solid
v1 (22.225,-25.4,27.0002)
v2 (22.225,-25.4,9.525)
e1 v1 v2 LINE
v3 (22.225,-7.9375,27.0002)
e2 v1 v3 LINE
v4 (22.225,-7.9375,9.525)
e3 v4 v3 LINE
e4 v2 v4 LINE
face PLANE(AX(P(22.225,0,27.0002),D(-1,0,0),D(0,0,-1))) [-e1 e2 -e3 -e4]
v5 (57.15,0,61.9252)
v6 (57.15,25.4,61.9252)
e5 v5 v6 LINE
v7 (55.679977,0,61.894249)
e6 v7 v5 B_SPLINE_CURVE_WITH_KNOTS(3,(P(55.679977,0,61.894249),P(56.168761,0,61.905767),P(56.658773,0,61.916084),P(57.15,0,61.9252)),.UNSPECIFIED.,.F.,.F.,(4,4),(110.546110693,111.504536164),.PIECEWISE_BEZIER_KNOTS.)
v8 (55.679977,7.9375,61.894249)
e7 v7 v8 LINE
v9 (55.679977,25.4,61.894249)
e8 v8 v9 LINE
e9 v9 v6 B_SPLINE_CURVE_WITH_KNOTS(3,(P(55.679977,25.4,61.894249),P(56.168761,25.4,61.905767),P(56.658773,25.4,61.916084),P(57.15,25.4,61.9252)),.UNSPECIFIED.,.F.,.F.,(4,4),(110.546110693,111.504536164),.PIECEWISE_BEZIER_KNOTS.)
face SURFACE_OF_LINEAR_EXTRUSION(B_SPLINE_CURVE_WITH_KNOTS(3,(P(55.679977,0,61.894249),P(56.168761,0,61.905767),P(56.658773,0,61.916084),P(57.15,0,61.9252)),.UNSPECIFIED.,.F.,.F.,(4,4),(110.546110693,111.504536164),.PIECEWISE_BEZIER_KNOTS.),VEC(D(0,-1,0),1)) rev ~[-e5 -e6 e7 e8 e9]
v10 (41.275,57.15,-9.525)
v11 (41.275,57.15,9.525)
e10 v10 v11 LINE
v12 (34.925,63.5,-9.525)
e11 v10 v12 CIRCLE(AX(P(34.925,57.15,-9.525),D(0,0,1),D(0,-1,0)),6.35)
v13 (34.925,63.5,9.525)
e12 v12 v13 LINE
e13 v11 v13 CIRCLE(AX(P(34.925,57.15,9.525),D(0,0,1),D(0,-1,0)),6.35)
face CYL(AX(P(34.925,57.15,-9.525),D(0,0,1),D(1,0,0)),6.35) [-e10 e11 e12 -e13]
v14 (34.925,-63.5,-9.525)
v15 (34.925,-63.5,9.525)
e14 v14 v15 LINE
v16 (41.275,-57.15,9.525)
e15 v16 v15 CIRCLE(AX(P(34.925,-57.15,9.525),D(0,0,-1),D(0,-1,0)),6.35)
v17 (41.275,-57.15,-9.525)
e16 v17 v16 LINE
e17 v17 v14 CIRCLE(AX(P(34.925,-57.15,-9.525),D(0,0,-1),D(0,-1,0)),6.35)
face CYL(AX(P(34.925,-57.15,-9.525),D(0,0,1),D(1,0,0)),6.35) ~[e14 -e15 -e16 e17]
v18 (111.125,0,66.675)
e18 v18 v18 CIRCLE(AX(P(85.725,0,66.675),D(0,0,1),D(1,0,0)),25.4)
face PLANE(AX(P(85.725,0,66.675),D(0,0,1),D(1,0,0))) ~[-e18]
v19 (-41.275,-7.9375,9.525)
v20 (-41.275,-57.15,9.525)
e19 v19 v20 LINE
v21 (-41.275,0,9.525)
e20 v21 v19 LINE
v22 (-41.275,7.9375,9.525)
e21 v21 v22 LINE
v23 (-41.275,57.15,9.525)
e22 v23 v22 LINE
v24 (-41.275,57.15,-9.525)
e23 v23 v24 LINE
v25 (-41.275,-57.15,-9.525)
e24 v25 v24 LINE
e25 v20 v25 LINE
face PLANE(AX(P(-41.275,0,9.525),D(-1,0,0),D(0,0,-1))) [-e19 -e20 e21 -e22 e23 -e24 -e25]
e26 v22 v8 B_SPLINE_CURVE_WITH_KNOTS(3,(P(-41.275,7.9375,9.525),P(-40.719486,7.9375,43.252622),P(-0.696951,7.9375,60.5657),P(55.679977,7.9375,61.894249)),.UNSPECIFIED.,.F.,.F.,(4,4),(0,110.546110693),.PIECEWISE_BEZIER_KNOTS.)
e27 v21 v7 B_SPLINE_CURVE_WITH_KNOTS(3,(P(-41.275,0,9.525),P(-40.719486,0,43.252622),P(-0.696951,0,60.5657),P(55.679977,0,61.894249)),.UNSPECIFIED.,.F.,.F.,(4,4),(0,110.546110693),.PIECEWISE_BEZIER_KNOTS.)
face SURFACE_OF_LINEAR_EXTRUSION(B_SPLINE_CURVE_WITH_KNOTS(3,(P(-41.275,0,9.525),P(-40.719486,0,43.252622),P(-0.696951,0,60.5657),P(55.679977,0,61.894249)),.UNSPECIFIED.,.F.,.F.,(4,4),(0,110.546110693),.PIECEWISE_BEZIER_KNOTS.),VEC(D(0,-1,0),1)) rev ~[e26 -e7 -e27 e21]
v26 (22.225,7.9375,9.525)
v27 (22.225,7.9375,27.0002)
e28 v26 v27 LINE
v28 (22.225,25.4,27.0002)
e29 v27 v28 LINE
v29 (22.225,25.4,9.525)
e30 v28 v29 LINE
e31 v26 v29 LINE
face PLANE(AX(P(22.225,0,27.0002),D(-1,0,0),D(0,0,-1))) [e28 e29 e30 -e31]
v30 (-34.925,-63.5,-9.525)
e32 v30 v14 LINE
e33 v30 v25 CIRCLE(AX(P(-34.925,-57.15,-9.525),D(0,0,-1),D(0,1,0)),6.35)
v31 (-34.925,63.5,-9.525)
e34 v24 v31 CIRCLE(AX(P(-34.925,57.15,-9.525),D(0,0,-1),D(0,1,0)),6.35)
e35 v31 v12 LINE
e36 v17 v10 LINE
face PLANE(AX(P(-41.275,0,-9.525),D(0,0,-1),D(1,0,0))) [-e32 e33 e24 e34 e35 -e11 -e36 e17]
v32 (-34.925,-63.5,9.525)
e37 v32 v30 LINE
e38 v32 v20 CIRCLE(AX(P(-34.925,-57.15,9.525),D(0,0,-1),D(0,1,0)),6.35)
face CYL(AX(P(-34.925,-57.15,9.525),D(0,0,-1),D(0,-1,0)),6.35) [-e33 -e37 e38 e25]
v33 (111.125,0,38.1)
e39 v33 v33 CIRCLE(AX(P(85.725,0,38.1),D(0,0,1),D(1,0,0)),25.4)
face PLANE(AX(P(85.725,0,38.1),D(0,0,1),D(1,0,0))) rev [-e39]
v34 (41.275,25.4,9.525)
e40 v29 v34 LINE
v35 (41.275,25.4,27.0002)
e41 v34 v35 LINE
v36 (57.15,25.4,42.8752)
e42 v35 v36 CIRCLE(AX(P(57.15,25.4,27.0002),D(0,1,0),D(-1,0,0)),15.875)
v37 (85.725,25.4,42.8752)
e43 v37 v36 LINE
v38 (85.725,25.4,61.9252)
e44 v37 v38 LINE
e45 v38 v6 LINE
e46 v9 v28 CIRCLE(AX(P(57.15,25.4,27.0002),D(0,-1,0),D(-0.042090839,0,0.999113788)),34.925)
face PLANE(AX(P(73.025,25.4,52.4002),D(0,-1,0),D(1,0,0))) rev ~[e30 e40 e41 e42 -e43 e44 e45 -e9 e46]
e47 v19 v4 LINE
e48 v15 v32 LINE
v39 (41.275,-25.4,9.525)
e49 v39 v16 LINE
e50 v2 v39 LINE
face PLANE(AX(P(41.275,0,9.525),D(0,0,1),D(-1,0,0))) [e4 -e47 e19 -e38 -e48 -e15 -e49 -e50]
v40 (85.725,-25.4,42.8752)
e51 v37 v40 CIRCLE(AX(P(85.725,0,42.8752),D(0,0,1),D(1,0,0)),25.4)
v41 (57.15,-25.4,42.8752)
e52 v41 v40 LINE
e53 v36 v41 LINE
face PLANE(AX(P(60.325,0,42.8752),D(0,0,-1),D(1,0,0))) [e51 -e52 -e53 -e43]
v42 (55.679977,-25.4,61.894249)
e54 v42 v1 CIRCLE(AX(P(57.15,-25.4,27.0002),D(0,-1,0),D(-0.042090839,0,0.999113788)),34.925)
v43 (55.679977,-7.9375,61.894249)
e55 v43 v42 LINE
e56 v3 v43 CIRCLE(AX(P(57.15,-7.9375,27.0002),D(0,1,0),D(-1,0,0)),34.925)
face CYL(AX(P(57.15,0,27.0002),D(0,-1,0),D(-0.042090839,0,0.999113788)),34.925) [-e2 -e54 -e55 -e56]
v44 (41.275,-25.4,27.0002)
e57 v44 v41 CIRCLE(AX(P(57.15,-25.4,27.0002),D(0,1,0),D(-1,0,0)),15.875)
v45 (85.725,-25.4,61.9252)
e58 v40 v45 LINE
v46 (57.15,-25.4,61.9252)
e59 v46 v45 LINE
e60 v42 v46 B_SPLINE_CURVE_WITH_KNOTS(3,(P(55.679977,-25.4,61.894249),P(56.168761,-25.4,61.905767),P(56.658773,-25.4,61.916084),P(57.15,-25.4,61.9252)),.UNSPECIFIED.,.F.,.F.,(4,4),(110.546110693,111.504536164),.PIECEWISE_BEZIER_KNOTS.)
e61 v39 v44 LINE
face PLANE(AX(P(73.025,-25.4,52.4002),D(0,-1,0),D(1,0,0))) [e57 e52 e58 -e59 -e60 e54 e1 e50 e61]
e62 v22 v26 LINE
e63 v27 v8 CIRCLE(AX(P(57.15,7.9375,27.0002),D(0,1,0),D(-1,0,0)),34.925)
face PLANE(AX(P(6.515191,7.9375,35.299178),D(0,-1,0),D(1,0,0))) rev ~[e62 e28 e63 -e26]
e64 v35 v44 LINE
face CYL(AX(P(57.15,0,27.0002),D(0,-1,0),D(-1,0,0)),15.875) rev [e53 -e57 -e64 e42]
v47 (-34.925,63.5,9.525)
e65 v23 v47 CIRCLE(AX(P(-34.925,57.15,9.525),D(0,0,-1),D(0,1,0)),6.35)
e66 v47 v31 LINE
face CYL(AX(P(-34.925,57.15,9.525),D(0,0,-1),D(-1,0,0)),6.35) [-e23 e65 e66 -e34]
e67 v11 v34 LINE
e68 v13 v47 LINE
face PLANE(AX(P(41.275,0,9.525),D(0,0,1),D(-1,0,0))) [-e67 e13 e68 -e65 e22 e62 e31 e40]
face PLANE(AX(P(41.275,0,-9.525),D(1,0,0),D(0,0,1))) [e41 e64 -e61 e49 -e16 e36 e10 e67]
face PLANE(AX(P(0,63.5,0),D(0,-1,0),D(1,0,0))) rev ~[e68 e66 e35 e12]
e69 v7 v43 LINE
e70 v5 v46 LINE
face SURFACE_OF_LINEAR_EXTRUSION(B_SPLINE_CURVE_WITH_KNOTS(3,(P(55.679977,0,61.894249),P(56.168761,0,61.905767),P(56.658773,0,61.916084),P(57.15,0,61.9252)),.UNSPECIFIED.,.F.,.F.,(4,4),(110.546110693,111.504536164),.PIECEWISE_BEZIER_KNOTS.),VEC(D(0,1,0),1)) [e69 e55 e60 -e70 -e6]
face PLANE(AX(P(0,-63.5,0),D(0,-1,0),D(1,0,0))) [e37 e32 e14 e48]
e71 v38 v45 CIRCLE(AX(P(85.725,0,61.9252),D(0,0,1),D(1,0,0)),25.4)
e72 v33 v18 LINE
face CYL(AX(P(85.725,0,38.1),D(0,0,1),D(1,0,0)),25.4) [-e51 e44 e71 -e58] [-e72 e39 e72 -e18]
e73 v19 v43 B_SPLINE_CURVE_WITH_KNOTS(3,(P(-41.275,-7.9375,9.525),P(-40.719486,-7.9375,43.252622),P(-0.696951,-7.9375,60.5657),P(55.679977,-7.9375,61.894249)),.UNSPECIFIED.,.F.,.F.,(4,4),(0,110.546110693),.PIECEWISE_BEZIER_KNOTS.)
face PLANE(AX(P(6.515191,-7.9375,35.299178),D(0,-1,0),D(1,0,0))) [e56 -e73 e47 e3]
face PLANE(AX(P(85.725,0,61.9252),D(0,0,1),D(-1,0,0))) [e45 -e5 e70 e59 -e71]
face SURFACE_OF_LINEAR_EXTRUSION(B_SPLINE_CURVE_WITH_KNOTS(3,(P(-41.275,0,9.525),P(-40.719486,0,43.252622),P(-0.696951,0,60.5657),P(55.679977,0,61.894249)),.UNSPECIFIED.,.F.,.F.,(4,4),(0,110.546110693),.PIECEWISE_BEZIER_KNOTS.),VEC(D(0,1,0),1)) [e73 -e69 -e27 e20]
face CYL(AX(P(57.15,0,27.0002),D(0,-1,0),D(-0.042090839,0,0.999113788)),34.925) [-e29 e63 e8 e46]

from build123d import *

# Parameters (mm, degrees)
F1_DEPTH = 63.5
F2_DEPTH = 25.4
F3_DEPTH = 25.4
F4_DEPTH = 7.9375
F0_W     = 25.4
F0_H     = 4.7498
F6_R     = 6.35


with BuildPart() as f1:
    # F0 (on Front) → F1 (new body, symmetric)
    with BuildSketch(Plane.XZ):
        Polygon((41.275, -9.525), (41.275, 9.525), (22.225, 9.525), (-41.275, 9.525), (-41.275, -9.525), align=None)
    extrude(amount=F1_DEPTH, both=True)

    # F0 (on Front) → F2 (join, symmetric)
    with BuildSketch(Plane.XZ):
        with BuildLine():
            Line((22.225, 9.525), (41.275, 9.525))
            Line((41.275, 9.525), (41.275, 27.0002))
            ThreePointArc((41.275, 27.0002), (45.9246798487, 38.2255201513), (57.15, 42.8752))
            Line((57.15, 42.8752), (60.325, 42.8752))
            Line((60.325, 42.8752), (60.325, 61.9252))
            Line((60.325, 61.9252), (57.15, 61.9252))
            add(Edge.make_bspline(
                [(55.6799774515, 61.8942490443), (56.1687606706, 61.9057674523), (56.6587732076, 61.9160843441), (57.15, 61.9252)],
                knots=[110.5461106931, 110.5461106931, 110.5461106931, 110.5461106931, 111.5045361635, 111.5045361635, 111.5045361635, 111.5045361635], degree=3))
            ThreePointArc((55.6799774515, 61.8942490443), (31.9399210383, 51.1705856764), (22.225, 27.0002))
            Line((22.225, 27.0002), (22.225, 9.525))
        make_face()
    extrude(amount=F2_DEPTH, both=True)

    # F0 (on Front) → F3 (join, symmetric)
    with BuildSketch(Plane.XZ):
        Polygon((60.325, 61.9252), (60.325, 42.8752), (85.725, 42.8752), (85.725, 52.3875), (85.725, 61.9252), align=None)
    extrude(amount=F3_DEPTH, both=True)

    # F0 (on Front) → F4 (join, symmetric)
    with BuildSketch(Plane.XZ):
        with BuildLine():
            Line((-41.275, 9.525), (22.225, 9.525))
            Line((22.225, 9.525), (22.225, 27.0002))
            ThreePointArc((22.225, 27.0002), (31.9399210383, 51.1705856764), (55.6799774515, 61.8942490443))
            add(Edge.make_bspline(
                [(-41.275, 9.525), (-40.7194862303, 43.2526218667), (-0.696950661, 60.5657000443), (55.6799774515, 61.8942490443)],
                knots=[0, 0, 0, 0, 110.5461106931, 110.5461106931, 110.5461106931, 110.5461106931], degree=3))
        make_face()
    extrude(amount=F4_DEPTH, both=True)

    # F0 (on Front) → F5 (revolve)
    with BuildSketch(Plane.XZ):
        Polygon((85.725, 52.3875), (85.725, 42.8752), (85.725, 38.1), (111.125, 38.1), (111.125, 61.9252), (85.725, 61.9252), align=None)
        with Locations((98.425, 64.3001)):
            Rectangle(F0_W, F0_H)
    revolve(axis=Axis((85.725, 0, 45.24375), (0, 0, 1)))

    # F6
    f6_edges = [f1.edges().sort_by_distance(p)[0] for p in [
        (-41.275, 63.5, 0),
        (-41.275, -63.5, 0),
        (41.275, -63.5, 0),
        (41.275, 63.5, 0),
    ]]
    fillet(f6_edges, radius=F6_R)


solid = f1.part
